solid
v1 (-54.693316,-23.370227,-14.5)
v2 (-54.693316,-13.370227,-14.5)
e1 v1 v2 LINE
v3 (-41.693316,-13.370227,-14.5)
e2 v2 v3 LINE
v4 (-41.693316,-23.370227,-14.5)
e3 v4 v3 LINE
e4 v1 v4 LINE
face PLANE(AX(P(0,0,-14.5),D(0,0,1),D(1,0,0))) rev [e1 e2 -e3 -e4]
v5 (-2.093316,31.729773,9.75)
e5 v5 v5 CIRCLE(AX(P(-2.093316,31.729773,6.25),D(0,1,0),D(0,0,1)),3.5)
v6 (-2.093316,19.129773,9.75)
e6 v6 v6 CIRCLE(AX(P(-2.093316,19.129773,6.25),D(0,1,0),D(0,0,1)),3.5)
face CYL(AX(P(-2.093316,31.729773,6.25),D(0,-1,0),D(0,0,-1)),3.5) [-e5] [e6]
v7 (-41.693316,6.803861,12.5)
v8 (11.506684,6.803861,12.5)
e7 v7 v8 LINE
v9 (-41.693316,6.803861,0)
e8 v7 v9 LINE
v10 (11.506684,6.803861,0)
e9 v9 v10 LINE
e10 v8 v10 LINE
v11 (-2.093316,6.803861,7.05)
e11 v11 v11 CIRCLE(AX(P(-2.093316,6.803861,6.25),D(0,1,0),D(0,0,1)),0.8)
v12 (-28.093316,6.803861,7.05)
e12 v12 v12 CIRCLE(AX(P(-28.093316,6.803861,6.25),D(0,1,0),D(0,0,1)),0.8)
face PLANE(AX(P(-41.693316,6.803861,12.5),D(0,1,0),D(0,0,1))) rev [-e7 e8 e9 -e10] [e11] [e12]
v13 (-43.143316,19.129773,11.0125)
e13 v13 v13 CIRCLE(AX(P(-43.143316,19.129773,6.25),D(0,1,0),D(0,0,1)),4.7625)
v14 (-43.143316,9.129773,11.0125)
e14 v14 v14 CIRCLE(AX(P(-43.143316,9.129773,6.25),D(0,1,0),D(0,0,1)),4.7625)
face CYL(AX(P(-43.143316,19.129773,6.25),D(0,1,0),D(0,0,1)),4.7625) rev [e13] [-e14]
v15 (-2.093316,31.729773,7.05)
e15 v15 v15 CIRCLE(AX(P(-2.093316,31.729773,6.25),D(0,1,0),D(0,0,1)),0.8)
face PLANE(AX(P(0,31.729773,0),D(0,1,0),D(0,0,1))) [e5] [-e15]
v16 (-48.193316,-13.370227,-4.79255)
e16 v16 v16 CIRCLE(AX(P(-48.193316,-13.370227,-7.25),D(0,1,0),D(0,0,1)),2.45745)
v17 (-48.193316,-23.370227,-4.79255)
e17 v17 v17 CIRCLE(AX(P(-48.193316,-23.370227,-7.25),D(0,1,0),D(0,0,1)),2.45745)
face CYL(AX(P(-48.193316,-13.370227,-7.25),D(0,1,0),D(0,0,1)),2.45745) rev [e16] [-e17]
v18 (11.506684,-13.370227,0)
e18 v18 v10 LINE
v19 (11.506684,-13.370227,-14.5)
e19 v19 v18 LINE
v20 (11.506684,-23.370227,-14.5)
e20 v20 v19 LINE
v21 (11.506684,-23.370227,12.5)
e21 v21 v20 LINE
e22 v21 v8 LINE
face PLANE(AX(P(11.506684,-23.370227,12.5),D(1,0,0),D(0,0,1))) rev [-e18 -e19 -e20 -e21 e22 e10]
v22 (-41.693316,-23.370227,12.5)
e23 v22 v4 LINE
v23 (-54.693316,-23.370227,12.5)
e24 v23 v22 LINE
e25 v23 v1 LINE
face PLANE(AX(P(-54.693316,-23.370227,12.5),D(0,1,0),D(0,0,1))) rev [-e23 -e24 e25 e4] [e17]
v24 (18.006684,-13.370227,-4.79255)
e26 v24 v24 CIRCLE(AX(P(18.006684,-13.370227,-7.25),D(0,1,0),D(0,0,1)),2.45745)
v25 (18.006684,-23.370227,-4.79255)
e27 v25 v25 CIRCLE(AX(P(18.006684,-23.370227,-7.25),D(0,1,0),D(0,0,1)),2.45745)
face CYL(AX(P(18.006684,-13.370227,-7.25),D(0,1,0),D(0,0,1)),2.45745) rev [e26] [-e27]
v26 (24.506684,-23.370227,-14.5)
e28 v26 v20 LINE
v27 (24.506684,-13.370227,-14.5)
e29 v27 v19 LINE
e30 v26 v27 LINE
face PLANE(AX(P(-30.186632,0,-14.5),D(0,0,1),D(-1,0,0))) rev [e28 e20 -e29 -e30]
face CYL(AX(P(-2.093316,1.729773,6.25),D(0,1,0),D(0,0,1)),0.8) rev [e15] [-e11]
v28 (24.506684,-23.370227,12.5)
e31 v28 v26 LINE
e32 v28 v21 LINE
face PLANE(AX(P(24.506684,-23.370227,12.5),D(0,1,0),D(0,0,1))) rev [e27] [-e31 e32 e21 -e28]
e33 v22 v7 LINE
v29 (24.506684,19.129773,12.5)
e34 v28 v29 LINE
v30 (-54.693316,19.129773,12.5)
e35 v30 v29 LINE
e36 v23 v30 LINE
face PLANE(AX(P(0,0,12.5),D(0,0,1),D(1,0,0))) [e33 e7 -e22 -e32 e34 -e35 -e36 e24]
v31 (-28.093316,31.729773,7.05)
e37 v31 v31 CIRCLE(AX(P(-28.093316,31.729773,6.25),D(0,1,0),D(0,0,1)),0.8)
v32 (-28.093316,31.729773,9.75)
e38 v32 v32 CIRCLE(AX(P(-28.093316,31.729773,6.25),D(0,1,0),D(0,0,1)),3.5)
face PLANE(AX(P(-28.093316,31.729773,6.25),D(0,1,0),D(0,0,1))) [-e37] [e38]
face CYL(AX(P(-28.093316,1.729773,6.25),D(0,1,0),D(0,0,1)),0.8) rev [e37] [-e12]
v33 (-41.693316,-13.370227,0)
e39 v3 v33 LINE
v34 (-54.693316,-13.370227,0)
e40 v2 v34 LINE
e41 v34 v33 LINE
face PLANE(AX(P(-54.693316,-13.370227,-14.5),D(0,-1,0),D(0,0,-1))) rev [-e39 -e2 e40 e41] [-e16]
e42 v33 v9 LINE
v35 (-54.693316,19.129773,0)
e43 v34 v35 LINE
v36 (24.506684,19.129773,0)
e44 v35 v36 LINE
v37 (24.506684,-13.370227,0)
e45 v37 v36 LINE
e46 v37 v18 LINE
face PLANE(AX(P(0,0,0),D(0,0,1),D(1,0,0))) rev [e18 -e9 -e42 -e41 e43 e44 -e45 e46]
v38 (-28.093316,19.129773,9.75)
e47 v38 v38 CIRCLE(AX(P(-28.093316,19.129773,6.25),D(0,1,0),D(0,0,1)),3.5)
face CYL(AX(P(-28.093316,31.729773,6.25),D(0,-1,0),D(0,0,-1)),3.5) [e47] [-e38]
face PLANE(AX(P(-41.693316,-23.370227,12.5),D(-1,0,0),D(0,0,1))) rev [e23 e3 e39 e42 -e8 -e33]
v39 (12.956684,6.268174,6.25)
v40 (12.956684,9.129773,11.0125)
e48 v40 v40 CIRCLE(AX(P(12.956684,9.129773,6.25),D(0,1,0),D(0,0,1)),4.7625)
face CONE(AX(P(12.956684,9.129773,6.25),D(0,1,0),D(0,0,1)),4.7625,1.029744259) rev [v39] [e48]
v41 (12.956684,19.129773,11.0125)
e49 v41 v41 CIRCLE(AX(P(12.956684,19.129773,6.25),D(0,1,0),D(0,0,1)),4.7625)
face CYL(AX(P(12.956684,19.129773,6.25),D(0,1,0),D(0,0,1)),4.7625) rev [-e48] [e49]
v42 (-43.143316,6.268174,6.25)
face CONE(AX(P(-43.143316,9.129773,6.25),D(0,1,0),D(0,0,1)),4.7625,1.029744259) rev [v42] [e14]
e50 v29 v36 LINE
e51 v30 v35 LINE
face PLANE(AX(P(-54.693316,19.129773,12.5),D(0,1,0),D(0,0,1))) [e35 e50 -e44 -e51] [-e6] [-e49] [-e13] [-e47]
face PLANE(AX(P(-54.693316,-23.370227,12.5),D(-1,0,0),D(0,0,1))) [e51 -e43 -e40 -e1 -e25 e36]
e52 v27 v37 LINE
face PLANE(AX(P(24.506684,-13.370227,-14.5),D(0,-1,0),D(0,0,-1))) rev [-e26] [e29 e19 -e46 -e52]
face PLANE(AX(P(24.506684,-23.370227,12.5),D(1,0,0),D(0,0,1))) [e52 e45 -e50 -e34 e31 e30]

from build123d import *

# Parameters (mm, degrees)
BOSS_EXTRUDE1_DEPTH              = 12.5
SKETCH8_W                        = 13
SKETCH8_H                        = 10
BOSS_EXTRUDE2_DEPTH              = 14.5
F_10_0_1935_DIAMETER_HOLE1_D     = 4.9149
SKETCH14_R                       = 3.5
BOSS_EXTRUDE3_DEPTH              = 12.6
SKETCH23_R                       = 0.8
CUT_EXTRUDE3_DEPTH               = 30
SKETCH24_R                       = 0.8
CUT_EXTRUDE4_DEPTH               = 30
F_3_8_0_375_DIAMETER_HOLE5_D     = 9.525
F_3_8_0_375_DIAMETER_HOLE5_DEPTH = 10
F_3_8_0_375_DIAMETER_HOLE5_TIP   = 2.861598698


with BuildPart() as part:
    # Sketch6 → Boss-Extrude1 (new body)
    with BuildSketch(Plane.XY):
        Polygon((-54.693316182, -23.370226934), (-54.693316182, 19.129773066), (-15.093316182, 19.129773066), (-15.093316182, 6.803860506), (-41.693316182, 6.803860506), (-41.693316182, -23.370226934), align=None)
    extrude(amount=BOSS_EXTRUDE1_DEPTH)

    # Sketch8 → Boss-Extrude2 (add)
    with BuildSketch(Plane(origin=(0, 0, 0), x_dir=(-1, 0, 0), z_dir=(0, 0, -1))):
        with Locations((48.193316182, -18.370226934)):
            Rectangle(SKETCH8_W, SKETCH8_H)
    extrude(amount=BOSS_EXTRUDE2_DEPTH)

    # Mirror1: part across plane


with BuildPart() as part_1:
    add(part.part)
    add(part.part.mirror(Plane(origin=(-15.093316182, 6.803860506, 12.5), x_dir=(0, 0, 1), z_dir=(-1, 0, 0))))

    # #10 (0.1935) Diameter Hole1 (through all)
    with Locations(Plane(origin=(0, -13.370226934, 0), x_dir=(1, 0, 0), z_dir=(0, 1, 0))):
        with Locations((-48.193316182, 7.25), (18.006683818, 7.25)):
            Hole(F_10_0_1935_DIAMETER_HOLE1_D / 2)

    # Sketch14 → Boss-Extrude3 (add)
    with BuildSketch(Plane(origin=(0, 19.129773066, 0), x_dir=(1, 0, 0), z_dir=(0, 1, 0))):
        with Locations((-28.093316182, -6.25)):
            Circle(SKETCH14_R)
        with Locations((-2.093316182, -6.25)):
            Circle(SKETCH14_R)
    extrude(amount=BOSS_EXTRUDE3_DEPTH)

    # Sketch23 → Cut-Extrude3 (cut)
    with BuildSketch(Plane(origin=(0, 31.729773066, 0), x_dir=(1, 0, 0), z_dir=(0, 1, 0))):
        with Locations((-2.093316182, -6.25)):
            Circle(SKETCH23_R)
    extrude(amount=-CUT_EXTRUDE3_DEPTH, mode=Mode.SUBTRACT)

    # Sketch24 → Cut-Extrude4 (cut)
    with BuildSketch(Plane(origin=(0, 31.729773066, 0), x_dir=(1, 0, 0), z_dir=(0, 1, 0))):
        with Locations((-28.093316182, -6.25)):
            Circle(SKETCH24_R)
    extrude(amount=-CUT_EXTRUDE4_DEPTH, mode=Mode.SUBTRACT)

    # 3/8 (0.375) Diameter Hole5
    with Locations(Plane(origin=(-43.143316182, 19.129773066, 6.25), x_dir=(0, 0, 1), z_dir=(0, 1, 0))):
        with Locations((0, 0), (0, 56.1)):
            Hole(F_3_8_0_375_DIAMETER_HOLE5_D / 2, depth=F_3_8_0_375_DIAMETER_HOLE5_DEPTH)
            with Locations((0, 0, -(F_3_8_0_375_DIAMETER_HOLE5_DEPTH + F_3_8_0_375_DIAMETER_HOLE5_TIP / 2))):  # 118° drill point
                Cone(0, F_3_8_0_375_DIAMETER_HOLE5_D / 2, F_3_8_0_375_DIAMETER_HOLE5_TIP, mode=Mode.SUBTRACT)


solid = part_1.part
